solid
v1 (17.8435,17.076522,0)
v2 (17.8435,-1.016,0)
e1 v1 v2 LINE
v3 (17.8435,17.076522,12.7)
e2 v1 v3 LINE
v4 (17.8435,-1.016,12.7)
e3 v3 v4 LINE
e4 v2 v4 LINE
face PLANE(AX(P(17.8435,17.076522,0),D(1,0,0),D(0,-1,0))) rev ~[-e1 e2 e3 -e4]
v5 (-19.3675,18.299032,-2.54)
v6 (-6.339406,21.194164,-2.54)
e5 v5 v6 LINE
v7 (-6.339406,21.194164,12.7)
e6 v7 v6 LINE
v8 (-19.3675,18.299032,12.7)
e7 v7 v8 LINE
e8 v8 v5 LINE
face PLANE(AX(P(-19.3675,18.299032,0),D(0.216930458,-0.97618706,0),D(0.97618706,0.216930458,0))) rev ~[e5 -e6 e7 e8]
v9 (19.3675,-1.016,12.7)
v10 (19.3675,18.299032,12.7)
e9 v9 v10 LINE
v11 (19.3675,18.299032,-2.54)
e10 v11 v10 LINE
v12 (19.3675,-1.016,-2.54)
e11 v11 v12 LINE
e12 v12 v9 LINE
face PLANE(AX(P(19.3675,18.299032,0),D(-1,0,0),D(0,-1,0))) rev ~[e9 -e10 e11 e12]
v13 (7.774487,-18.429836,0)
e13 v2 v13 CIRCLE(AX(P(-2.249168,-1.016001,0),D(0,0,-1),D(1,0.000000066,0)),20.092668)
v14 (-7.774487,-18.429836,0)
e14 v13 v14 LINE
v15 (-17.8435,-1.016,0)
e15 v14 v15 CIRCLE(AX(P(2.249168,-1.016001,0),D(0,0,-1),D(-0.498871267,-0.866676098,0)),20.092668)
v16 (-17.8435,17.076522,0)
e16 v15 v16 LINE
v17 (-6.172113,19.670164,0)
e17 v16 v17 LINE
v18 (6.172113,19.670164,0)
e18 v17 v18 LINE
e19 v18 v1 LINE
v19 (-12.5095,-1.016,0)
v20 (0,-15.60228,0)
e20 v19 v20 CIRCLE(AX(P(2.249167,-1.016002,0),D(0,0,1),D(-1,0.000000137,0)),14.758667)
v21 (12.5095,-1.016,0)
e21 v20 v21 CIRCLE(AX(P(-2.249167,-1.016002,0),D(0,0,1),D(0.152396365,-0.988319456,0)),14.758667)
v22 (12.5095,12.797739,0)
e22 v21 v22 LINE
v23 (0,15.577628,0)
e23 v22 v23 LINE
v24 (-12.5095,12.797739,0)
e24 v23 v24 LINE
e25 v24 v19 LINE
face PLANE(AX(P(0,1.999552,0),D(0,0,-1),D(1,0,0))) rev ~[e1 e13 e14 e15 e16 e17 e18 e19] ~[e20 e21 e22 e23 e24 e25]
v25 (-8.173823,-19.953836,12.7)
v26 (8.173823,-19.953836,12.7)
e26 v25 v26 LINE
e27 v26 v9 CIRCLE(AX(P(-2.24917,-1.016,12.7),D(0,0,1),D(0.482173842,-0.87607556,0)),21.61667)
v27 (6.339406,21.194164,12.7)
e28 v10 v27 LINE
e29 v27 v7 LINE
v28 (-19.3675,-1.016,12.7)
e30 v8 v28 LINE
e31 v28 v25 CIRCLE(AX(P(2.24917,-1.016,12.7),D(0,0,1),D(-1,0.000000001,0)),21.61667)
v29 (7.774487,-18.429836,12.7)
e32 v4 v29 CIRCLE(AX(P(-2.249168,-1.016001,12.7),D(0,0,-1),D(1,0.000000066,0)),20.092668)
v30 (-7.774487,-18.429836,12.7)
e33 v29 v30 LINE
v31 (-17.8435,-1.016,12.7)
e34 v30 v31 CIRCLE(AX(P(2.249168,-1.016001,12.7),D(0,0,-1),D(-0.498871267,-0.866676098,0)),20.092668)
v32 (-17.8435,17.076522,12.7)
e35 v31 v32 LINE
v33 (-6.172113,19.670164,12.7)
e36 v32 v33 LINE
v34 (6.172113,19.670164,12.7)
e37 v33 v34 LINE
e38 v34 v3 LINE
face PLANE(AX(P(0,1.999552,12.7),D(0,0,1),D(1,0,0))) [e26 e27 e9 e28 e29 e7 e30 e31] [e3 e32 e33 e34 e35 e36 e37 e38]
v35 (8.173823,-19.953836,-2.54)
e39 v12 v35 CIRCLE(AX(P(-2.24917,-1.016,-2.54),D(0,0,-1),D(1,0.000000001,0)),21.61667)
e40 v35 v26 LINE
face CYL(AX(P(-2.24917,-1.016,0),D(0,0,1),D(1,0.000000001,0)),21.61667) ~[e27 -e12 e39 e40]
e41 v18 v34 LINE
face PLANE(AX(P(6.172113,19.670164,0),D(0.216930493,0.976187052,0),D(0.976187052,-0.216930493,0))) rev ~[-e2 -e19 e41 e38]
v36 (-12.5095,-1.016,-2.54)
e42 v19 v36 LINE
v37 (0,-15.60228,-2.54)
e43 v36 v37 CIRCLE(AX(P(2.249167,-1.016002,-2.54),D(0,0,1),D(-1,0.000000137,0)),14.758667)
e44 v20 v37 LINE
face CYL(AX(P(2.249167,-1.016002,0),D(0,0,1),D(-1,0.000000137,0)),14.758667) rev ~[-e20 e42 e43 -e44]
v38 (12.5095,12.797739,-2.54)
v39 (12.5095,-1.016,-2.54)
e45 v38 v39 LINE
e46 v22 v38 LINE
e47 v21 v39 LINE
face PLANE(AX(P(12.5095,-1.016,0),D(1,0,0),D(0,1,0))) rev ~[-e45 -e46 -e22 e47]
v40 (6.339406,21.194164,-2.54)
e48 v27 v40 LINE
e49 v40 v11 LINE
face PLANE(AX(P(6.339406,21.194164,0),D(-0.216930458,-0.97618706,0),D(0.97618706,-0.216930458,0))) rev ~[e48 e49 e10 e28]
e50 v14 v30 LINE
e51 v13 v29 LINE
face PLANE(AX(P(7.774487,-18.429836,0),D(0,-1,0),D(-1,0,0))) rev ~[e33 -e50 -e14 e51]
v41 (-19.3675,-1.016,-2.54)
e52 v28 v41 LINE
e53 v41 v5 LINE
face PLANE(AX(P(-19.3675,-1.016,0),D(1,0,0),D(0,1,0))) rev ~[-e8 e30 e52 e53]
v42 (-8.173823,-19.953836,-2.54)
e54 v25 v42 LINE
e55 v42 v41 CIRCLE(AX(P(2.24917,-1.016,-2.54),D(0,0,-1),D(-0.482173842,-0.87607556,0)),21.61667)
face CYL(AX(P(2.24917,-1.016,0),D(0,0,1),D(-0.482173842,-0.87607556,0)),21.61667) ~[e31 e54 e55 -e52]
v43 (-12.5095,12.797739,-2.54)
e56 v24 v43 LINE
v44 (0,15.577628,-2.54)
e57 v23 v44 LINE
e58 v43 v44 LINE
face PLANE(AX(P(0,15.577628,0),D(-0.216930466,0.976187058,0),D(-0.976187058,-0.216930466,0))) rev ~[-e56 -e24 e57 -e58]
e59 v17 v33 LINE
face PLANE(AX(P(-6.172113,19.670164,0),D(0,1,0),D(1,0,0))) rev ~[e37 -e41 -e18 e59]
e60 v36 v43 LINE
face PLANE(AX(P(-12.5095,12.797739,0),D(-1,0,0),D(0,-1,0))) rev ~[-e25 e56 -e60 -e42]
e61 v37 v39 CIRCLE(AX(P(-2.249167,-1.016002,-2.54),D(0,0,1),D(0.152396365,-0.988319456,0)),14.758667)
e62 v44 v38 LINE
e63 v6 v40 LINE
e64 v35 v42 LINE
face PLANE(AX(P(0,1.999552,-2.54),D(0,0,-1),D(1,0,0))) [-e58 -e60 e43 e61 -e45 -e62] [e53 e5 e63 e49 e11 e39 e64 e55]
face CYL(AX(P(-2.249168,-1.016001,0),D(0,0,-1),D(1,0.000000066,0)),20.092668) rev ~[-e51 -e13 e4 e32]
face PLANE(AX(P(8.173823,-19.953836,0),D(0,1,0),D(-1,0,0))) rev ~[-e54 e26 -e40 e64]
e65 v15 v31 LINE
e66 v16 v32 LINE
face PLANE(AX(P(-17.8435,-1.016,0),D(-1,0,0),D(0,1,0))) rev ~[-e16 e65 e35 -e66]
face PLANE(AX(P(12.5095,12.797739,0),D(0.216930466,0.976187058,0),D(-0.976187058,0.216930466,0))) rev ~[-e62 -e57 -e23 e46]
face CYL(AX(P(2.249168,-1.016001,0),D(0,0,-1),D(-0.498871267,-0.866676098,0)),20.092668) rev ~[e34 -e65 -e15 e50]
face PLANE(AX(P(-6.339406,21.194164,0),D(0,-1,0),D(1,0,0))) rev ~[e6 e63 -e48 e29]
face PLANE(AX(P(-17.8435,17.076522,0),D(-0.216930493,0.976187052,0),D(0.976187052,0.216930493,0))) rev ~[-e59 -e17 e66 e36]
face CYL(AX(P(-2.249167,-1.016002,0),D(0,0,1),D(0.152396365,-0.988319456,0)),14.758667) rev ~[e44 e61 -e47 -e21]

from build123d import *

# Parameters (mm, degrees)
F2_DEPTH = 12.7
F4_DEPTH = 2.54
F5_DEPTH = 25.4


with BuildPart() as f2:
    # F1 (on Top) → F2 (new body)
    with BuildSketch(Plane.XY):
        with BuildLine():
            Line((6.339406, 21.194164), (-6.339406, 21.194164))
            Line((-6.339406, 21.194164), (-19.3675, 18.299032))
            Line((-19.3675, 18.299032), (-19.3675, -1.016))
            ThreePointArc((-19.3675, -1.016), (-16.359844, -12.015319), (-8.173823, -19.953836))
            Line((-8.173823, -19.953836), (8.173823, -19.953836))
            ThreePointArc((8.173823, -19.953836), (16.359844, -12.015319), (19.3675, -1.016))
            Line((19.3675, -1.016), (19.3675, 18.299032))
            Line((19.3675, 18.299032), (6.339406, 21.194164))
        make_face()
        with BuildLine():
            Line((7.774487, -18.429836), (-7.774487, -18.429836))
            ThreePointArc((-7.774487, -18.429836), (-15.145045, -11.073668), (-17.8435, -1.016))
            Line((-17.8435, -1.016), (-17.8435, 17.076522))
            Line((-17.8435, 17.076522), (-6.172113, 19.670164))
            Line((-6.172113, 19.670164), (6.172113, 19.670164))
            Line((6.172113, 19.670164), (17.8435, 17.076522))
            Line((17.8435, 17.076522), (17.8435, -1.016))
            ThreePointArc((17.8435, -1.016), (15.145045, -11.073668), (7.774487, -18.429836))
        make_face(mode=Mode.SUBTRACT)
    extrude(amount=F2_DEPTH)

    # F3 (on face) → F4 (join)
    with BuildSketch(Plane(origin=(0, 0, 0), x_dir=(1, 0, 0), z_dir=(0, 0, -1))):
        with BuildLine():
            Line((8.173823, 19.953836), (-8.173823, 19.953836))
            ThreePointArc((-8.173823, 19.953836), (-16.359844, 12.015319), (-19.3675, 1.016))
            Line((-19.3675, 1.016), (-19.3675, -18.299032))
            Line((-19.3675, -18.299032), (-6.339406, -21.194164))
            Line((-6.339406, -21.194164), (6.339406, -21.194164))
            Line((6.339406, -21.194164), (19.3675, -18.299032))
            Line((19.3675, -18.299032), (19.3675, 1.016))
            ThreePointArc((19.3675, 1.016), (16.359844, 12.015319), (8.173823, 19.953836))
        make_face()
    extrude(amount=F4_DEPTH)

    # F1 (on Top) → F5 (cut)
    with BuildSketch(Plane.XY):
        with BuildLine():
            Line((12.5095, 12.797739), (0, 15.577628))
            Line((0, 15.577628), (-12.5095, 12.797739))
            Line((-12.5095, 12.797739), (-12.5095, -1.016))
            ThreePointArc((-12.5095, -1.016), (-8.953801, -10.623903), (0, -15.60228))
            ThreePointArc((0, -15.60228), (8.953801, -10.623903), (12.5095, -1.016))
            Line((12.5095, -1.016), (12.5095, 12.797739))
        make_face()
    extrude(amount=-F5_DEPTH, mode=Mode.SUBTRACT)


solid = f2.part
